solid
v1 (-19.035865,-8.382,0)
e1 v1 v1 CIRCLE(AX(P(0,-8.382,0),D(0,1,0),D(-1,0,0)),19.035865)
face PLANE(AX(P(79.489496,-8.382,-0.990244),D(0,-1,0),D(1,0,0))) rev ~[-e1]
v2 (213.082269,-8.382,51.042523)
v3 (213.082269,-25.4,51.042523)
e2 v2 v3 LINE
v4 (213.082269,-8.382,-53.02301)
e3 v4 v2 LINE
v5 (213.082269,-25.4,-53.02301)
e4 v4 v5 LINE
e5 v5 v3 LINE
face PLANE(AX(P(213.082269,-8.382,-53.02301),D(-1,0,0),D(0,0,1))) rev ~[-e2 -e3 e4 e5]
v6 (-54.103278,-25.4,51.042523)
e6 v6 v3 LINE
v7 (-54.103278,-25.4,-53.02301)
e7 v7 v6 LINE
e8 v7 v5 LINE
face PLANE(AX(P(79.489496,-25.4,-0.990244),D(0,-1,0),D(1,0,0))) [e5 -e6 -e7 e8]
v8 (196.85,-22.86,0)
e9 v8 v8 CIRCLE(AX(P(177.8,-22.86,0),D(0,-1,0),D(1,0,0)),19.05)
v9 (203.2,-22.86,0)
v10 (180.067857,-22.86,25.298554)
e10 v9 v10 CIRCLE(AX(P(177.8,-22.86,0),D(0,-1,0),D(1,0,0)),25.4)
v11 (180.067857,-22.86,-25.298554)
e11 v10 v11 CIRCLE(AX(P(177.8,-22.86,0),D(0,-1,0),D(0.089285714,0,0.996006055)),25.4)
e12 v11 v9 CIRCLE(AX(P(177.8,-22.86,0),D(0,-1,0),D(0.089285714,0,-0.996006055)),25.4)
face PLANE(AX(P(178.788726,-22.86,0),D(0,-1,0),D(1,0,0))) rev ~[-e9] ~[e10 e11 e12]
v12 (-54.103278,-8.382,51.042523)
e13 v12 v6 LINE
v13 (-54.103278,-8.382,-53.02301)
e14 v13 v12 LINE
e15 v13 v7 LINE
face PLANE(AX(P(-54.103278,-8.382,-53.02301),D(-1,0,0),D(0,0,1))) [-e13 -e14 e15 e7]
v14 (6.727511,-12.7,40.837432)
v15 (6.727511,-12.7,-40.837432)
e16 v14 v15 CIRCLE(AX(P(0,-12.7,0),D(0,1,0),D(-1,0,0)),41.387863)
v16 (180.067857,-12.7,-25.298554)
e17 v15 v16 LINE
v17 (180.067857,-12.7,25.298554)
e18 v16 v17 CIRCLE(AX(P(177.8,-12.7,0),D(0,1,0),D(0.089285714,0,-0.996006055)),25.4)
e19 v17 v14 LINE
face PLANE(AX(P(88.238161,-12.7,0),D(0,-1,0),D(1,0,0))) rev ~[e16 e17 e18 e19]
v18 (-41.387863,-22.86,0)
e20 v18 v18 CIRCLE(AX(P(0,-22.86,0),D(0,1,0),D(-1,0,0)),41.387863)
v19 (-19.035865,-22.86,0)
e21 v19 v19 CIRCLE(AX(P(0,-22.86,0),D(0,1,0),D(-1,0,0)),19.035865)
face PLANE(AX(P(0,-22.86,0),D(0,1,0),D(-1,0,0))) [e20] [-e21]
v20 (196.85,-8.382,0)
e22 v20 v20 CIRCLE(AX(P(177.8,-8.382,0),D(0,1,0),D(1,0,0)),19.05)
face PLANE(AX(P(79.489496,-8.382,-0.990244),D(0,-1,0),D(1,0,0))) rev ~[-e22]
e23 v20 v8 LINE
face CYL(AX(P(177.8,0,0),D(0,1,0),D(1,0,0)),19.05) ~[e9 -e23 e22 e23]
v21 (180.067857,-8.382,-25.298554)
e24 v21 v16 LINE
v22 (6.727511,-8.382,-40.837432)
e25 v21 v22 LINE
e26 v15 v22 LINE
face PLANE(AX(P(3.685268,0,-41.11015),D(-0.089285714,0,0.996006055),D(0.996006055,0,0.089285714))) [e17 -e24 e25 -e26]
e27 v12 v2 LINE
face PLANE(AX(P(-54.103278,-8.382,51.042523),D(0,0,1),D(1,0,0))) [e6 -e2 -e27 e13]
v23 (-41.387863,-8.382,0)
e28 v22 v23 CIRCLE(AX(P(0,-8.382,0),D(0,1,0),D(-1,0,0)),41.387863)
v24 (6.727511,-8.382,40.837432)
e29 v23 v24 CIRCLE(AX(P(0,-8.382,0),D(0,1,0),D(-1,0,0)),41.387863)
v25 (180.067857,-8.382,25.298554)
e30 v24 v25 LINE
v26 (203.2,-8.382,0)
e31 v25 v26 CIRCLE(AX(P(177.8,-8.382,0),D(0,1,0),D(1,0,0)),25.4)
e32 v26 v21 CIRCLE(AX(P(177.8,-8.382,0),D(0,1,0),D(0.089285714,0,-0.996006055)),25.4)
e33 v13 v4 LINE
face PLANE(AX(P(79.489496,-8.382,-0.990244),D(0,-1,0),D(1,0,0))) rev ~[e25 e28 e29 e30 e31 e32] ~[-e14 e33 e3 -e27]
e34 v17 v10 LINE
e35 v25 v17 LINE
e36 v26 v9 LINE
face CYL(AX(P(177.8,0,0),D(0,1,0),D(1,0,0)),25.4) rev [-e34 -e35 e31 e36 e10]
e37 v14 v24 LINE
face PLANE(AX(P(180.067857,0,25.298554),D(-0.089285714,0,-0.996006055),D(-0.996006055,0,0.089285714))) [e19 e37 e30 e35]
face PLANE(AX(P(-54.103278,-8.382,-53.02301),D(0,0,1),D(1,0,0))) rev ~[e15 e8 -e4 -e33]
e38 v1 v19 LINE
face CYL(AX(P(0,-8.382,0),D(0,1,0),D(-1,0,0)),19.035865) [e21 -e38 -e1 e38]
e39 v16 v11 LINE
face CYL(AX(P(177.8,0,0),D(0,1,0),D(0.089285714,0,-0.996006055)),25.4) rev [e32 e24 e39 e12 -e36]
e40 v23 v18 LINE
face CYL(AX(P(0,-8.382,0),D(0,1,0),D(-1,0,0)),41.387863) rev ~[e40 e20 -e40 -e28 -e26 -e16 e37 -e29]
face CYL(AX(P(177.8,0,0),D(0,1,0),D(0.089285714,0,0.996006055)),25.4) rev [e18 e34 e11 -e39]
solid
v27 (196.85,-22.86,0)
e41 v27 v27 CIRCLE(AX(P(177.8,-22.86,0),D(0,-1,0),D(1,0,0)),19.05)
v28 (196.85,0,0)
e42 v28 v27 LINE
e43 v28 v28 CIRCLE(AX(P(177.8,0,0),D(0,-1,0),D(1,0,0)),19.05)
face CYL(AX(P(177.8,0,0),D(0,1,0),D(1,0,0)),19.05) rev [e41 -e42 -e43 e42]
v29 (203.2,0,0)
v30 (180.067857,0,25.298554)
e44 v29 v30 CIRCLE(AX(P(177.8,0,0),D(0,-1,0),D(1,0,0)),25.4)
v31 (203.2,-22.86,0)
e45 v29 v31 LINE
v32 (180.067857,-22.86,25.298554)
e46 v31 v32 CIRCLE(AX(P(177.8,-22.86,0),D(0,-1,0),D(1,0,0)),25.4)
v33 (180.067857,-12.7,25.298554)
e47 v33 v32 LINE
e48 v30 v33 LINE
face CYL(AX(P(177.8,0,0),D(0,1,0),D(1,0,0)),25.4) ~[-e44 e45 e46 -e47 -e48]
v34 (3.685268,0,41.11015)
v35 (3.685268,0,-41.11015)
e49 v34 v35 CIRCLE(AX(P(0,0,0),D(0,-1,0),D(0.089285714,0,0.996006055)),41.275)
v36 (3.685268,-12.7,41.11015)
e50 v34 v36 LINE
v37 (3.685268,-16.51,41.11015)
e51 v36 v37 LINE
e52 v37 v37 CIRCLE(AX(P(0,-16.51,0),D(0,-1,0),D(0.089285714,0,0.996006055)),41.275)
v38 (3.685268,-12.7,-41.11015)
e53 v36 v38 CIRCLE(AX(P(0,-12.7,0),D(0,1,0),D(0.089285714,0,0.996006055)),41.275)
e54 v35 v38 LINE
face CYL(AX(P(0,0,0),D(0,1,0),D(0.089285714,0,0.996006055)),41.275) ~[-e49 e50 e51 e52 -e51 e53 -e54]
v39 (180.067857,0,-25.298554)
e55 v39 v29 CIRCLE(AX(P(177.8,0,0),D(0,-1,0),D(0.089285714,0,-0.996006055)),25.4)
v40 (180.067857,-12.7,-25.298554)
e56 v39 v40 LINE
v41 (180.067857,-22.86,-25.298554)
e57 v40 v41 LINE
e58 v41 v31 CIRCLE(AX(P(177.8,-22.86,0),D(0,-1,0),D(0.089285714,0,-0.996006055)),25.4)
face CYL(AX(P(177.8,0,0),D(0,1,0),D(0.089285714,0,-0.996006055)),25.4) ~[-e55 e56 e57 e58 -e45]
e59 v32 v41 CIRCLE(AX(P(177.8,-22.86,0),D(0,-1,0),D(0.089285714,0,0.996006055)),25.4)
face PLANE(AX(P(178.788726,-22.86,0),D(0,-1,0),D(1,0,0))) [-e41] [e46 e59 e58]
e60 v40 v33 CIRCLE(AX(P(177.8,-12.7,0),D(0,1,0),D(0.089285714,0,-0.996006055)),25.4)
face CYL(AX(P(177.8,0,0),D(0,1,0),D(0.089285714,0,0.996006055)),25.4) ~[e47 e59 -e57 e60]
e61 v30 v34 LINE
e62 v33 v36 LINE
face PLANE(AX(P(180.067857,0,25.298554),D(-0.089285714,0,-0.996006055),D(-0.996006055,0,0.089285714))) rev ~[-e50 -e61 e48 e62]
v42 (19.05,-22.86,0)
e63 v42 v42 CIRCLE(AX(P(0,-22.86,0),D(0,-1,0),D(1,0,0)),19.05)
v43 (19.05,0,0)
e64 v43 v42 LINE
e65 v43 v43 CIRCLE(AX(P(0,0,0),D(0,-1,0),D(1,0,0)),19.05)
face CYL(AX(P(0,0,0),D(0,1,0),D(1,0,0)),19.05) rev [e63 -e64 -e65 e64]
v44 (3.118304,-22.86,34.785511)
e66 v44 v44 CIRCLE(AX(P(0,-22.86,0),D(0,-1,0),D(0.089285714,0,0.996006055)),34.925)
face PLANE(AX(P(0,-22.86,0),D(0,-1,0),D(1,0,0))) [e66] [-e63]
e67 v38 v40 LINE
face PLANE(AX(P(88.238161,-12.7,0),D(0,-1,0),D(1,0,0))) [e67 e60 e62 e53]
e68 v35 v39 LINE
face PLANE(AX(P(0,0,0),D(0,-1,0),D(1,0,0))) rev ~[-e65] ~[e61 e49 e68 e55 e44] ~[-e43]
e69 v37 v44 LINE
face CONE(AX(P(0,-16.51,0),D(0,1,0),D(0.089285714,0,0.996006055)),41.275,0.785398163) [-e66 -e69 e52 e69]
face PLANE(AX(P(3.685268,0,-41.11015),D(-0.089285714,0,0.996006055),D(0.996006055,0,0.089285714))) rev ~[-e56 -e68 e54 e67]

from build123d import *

# Parameters (mm, degrees)
F1_DEPTH = 12.7
F0_R     = 19.05
F2_DEPTH = 22.86
F3_SIZE  = 6.35
F5_START = 8.382
F4_W     = 267.1855464578
F4_H     = 104.0655337274
F5_DEPTH = 17.018
F7_R     = 41.3878634572
F7_R_2   = 19.0358650016
F8_DEPTH = 14.478


with BuildPart() as f1:
    # F0 (on Front) → F1 (new body)
    with BuildSketch(Plane.XZ):
        with BuildLine():
            ThreePointArc((3.6852678571, 41.1101499124), (30.460918041, 27.8524343119), (41.275, 0))
            ThreePointArc((41.275, 0), (30.460918041, -27.8524343119), (3.6852678571, -41.1101499124))
            Line((3.6852678571, -41.1101499124), (180.0678571429, -25.2985537923))
            ThreePointArc((180.0678571429, -25.2985537923), (152.4, 0), (180.0678571429, 25.2985537923))
            Line((180.0678571429, 25.2985537923), (3.6852678571, 41.1101499124))
        make_face()
    extrude(amount=F1_DEPTH)

    # F0 (on Front) → F2 (join)
    with BuildSketch(Plane.XZ):
        with BuildLine():
            ThreePointArc((3.6852678571, -41.1101499124), (30.460918041, -27.8524343119), (41.275, 0))
            ThreePointArc((41.275, 0), (30.460918041, 27.8524343119), (3.6852678571, 41.1101499124))
            ThreePointArc((3.6852678571, 41.1101499124), (-41.275, 0), (3.6852678571, -41.1101499124))
        make_face()
        Circle(F0_R, mode=Mode.SUBTRACT)
        with BuildLine():
            ThreePointArc((203.2, 0), (196.5451803329, 17.1399595765), (180.0678571429, 25.2985537923))
            ThreePointArc((180.0678571429, 25.2985537923), (152.4, 0), (180.0678571429, -25.2985537923))
            ThreePointArc((180.0678571429, -25.2985537923), (196.5451803329, -17.1399595765), (203.2, 0))
        make_face()
        with Locations((177.8, 0)):
            Circle(F0_R, mode=Mode.SUBTRACT)
    extrude(amount=F2_DEPTH)

    # F3
    f3_edges = [f1.edges().sort_by_distance(p)[0] for p in [
        (-41.275, -22.86, 0),
    ]]
    chamfer(f3_edges, length=F3_SIZE)


with BuildPart() as f5:
    # F4 (on Front) → F5 (new body)
    with BuildSketch(Plane.XZ.offset(F5_START)):
        with Locations((79.4894956052, -0.9902436286)):
            Rectangle(F4_W, F4_H)
    extrude(amount=F5_DEPTH)

    # F6: cut F1
    add(f1.part, mode=Mode.SUBTRACT)

    # F7 (on face) → F8 (cut, through all)
    with BuildSketch(Plane(origin=(0, -8.382, 0), x_dir=(-1, 0, 0), z_dir=(0, 1, 0))):
        Circle(F7_R)
        Circle(F7_R_2, mode=Mode.SUBTRACT)
    extrude(amount=-F8_DEPTH, mode=Mode.SUBTRACT)


solid = Compound([f1.part, f5.part])
